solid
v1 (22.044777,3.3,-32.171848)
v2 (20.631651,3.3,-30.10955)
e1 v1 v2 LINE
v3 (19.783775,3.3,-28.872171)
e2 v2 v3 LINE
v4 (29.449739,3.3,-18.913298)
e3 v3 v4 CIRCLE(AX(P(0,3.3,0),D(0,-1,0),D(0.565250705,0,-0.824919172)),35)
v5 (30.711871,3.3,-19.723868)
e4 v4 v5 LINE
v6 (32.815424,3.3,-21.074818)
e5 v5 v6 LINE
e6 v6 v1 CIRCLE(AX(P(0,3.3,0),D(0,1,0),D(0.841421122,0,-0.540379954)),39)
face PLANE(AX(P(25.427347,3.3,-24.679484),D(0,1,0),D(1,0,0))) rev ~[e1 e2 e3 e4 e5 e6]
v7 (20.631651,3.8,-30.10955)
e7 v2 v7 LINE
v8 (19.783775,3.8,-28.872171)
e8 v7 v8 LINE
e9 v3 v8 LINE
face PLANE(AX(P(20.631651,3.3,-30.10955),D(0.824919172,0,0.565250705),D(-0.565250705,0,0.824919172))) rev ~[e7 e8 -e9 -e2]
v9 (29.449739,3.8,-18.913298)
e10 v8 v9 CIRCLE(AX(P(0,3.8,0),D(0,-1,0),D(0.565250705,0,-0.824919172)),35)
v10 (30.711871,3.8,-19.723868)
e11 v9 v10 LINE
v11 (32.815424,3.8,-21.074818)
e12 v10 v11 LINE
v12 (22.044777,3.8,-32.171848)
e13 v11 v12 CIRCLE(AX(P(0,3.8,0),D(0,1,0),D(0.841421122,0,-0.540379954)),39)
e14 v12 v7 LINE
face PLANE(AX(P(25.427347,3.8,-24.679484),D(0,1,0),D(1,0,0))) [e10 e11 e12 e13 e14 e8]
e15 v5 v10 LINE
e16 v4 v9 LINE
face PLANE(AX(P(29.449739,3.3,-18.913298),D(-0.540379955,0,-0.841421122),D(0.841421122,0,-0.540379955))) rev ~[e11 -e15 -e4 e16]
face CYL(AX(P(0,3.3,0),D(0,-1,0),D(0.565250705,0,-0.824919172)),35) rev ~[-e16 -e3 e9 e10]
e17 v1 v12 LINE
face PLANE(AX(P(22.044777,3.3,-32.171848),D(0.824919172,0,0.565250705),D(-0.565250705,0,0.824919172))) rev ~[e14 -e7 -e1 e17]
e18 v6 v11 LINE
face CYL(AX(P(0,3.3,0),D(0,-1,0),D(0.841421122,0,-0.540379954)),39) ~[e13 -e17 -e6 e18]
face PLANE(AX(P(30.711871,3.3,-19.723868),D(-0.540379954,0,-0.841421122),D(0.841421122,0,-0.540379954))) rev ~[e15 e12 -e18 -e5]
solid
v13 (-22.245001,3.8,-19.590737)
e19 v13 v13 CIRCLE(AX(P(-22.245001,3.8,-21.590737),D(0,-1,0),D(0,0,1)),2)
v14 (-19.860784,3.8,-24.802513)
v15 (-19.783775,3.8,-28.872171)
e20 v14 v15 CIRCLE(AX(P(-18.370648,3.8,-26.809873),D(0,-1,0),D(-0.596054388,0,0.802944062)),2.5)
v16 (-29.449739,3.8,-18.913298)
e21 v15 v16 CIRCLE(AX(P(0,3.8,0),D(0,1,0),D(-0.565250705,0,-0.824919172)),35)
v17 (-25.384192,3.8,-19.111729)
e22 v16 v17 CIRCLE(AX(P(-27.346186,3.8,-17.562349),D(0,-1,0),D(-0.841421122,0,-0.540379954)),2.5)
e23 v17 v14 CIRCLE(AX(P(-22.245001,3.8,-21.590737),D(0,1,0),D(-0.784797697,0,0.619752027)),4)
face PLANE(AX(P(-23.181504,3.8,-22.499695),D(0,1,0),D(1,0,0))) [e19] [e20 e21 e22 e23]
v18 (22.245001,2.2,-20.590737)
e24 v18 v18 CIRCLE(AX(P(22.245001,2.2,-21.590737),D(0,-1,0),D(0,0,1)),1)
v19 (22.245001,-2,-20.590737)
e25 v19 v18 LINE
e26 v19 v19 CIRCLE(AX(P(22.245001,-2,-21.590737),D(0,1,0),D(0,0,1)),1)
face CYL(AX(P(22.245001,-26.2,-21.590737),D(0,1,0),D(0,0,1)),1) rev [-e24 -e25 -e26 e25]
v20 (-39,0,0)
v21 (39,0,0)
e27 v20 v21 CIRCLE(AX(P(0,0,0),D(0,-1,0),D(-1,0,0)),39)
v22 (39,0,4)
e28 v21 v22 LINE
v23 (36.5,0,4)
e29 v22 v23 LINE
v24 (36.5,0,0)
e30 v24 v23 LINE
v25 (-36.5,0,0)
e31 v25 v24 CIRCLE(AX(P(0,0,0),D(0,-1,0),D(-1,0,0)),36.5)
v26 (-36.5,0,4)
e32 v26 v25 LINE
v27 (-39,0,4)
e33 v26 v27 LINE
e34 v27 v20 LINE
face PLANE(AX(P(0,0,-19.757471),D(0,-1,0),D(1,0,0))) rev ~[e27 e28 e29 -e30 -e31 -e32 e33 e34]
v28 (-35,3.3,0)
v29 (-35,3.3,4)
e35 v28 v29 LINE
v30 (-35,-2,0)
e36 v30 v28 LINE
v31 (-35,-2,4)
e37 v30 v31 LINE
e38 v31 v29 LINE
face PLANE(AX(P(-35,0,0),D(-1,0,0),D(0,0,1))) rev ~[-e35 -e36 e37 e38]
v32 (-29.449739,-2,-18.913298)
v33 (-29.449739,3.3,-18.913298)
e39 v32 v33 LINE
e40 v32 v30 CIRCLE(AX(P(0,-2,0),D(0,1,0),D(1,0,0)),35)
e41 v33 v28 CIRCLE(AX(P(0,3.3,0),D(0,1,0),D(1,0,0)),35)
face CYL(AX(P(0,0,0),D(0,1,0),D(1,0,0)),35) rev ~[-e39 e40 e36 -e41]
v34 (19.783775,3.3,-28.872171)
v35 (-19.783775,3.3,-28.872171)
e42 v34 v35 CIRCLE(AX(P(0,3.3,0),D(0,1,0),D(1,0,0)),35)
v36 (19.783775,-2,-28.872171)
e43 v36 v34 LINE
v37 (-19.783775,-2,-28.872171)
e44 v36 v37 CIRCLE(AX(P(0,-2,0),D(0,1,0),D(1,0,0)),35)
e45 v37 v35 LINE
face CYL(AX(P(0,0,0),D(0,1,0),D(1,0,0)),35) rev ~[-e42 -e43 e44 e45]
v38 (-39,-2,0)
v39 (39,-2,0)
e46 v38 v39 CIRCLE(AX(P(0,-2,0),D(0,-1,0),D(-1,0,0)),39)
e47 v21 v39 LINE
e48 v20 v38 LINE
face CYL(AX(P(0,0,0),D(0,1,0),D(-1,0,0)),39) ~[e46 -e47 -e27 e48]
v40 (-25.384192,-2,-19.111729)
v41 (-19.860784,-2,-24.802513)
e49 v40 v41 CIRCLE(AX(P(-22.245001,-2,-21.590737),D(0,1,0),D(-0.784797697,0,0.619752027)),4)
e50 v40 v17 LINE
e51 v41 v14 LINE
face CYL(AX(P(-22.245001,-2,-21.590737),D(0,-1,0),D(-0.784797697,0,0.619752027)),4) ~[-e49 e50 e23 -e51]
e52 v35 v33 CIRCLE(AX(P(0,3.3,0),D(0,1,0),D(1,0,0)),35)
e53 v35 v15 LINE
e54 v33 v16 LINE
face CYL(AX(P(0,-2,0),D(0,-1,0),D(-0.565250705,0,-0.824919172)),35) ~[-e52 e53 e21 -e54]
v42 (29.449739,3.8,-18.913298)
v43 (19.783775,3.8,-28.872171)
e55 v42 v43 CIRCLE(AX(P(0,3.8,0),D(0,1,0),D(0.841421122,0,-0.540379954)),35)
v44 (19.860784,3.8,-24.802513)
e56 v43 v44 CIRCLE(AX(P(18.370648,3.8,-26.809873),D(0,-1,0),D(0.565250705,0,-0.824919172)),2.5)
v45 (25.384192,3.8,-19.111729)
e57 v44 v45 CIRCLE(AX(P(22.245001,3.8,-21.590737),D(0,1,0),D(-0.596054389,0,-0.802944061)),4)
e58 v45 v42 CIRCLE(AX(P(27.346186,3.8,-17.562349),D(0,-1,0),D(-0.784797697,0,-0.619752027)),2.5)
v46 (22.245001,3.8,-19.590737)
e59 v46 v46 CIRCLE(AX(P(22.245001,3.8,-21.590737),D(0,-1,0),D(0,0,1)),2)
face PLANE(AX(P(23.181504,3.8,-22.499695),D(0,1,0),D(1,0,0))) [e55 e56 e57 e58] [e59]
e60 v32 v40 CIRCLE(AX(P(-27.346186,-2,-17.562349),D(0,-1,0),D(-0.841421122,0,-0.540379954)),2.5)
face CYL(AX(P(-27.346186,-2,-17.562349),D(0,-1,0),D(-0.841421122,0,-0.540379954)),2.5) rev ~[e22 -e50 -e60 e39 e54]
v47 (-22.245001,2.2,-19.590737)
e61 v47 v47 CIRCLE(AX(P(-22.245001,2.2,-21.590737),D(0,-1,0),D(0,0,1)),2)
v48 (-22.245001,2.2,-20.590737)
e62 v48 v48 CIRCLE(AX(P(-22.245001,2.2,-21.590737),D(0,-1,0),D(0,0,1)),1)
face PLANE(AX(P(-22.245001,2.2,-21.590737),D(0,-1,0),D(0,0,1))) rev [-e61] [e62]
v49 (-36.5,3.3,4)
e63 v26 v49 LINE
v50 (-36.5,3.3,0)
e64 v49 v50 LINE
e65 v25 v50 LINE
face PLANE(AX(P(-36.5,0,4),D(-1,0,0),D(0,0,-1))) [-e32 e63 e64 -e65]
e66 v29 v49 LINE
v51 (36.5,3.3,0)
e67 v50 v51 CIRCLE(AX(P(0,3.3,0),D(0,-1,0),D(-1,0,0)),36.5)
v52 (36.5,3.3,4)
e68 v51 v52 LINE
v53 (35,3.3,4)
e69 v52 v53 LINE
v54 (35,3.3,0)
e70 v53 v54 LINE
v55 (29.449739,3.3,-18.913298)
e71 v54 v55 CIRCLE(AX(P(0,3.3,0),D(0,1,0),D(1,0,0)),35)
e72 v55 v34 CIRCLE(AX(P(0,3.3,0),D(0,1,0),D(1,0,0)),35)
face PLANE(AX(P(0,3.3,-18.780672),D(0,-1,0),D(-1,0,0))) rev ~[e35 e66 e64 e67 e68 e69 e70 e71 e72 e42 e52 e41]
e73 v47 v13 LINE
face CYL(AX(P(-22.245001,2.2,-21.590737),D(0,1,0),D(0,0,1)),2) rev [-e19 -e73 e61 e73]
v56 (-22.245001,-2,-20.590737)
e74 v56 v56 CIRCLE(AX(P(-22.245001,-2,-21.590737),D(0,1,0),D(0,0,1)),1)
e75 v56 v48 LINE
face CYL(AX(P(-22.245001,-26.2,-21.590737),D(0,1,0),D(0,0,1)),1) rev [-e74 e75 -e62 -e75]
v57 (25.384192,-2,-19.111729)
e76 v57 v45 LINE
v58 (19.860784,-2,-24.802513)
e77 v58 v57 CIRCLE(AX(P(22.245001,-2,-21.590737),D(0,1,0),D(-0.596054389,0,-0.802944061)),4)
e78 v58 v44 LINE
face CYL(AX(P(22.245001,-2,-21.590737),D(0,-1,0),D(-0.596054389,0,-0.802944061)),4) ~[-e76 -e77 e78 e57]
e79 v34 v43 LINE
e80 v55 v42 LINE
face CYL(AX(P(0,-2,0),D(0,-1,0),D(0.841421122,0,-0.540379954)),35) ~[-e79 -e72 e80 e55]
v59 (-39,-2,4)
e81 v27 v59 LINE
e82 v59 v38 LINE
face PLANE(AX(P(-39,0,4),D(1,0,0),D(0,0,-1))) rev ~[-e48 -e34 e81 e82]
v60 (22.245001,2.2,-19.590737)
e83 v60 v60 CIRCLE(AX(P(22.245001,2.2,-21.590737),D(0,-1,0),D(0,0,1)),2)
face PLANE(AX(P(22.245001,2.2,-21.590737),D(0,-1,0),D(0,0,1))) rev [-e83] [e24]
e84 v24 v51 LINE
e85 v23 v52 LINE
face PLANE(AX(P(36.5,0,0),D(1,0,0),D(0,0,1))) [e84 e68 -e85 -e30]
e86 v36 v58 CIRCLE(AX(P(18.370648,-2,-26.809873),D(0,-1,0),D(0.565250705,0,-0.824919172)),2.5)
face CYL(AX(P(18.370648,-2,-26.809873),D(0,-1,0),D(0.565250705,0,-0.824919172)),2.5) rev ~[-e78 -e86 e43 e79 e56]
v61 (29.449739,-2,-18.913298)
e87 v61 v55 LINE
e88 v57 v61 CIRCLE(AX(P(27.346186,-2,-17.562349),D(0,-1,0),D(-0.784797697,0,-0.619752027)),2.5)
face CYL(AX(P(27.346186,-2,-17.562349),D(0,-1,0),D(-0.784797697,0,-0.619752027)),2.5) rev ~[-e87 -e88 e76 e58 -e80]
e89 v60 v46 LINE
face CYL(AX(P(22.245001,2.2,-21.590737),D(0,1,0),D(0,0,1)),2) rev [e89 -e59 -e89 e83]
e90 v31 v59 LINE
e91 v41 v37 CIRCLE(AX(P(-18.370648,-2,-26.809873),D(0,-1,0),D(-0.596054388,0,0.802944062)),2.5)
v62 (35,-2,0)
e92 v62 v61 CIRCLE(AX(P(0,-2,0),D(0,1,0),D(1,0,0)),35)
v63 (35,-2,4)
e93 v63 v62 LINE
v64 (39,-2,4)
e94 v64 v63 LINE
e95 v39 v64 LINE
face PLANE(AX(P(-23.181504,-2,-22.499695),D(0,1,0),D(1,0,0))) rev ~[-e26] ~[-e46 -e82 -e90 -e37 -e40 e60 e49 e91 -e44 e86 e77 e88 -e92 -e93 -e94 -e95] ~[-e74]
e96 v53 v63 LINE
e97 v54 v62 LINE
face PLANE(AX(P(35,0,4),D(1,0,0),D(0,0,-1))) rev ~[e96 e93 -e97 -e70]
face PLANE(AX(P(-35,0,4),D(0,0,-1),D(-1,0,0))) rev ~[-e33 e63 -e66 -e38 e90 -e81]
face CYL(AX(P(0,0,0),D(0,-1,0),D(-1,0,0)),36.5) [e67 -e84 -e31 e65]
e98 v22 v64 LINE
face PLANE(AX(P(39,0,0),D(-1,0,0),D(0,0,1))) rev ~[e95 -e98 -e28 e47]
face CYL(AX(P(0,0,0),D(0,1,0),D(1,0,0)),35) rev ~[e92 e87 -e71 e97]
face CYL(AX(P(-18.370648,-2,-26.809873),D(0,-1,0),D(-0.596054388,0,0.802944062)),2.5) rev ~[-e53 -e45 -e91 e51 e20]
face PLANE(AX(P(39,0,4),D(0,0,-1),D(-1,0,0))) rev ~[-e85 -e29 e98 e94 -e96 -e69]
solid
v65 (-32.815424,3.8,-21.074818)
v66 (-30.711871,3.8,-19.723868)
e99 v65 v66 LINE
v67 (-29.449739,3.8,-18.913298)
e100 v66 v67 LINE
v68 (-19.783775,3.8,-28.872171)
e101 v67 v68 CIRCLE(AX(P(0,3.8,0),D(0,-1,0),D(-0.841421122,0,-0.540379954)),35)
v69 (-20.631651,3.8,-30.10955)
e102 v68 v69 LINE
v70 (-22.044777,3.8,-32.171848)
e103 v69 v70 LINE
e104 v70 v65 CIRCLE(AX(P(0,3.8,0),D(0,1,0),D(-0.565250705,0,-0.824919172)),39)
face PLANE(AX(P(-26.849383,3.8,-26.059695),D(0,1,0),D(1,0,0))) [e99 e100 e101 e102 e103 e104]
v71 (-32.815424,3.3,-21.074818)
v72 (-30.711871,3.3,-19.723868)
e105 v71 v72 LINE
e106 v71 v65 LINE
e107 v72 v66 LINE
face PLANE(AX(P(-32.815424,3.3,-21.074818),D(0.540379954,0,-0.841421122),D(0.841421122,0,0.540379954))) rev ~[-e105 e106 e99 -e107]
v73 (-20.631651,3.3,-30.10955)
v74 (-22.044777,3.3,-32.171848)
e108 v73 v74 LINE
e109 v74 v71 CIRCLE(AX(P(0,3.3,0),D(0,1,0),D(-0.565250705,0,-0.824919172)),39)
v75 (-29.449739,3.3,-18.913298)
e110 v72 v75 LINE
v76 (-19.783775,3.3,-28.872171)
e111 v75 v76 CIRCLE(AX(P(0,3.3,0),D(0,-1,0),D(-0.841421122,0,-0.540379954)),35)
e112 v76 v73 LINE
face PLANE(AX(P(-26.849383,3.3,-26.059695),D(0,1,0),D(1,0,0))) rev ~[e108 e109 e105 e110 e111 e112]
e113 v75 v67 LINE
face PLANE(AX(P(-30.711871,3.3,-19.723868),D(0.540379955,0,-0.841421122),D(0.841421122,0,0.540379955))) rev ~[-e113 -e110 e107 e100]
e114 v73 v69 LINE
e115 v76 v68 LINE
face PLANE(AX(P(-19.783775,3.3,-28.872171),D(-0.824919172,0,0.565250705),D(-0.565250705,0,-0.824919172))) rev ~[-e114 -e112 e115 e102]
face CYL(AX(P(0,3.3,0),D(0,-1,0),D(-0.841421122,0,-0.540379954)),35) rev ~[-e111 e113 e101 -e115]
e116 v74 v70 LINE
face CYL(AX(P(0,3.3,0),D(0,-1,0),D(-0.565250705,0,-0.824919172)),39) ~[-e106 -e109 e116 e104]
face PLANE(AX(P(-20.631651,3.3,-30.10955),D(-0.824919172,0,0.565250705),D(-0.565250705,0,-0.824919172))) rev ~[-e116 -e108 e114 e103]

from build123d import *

# Parameters (mm, degrees)
BOSS_EXTRUDE1_DEPTH                     = 3.3
BOSS_EXTRUDE2_DEPTH                     = 2
BOSS_EXTRUDE3_DEPTH                     = 0.5
BOSS_EXTRUDE3_DEPTH_BACK                = 5.3
BOSS_EXTRUDE4_DEPTH                     = 0.5
CBORE_FOR_M2_PAN_HEAD_SCREW2_AT_2_COUNT = 2
CBORE_FOR_M2_PAN_HEAD_SCREW2_AT_2_PITCH = 44.490002881


with BuildPart() as part:
    # Sketch1 → Boss-Extrude1 (new body)
    with BuildSketch(Plane(origin=(0, 0, 0), x_dir=(1, 0, 0), z_dir=(0, 1, 0))):
        with BuildLine():
            Line((36.5, 0), (36.5, -4))
            Line((36.5, -4), (35, -4))
            Line((35, -4), (35, 0))
            ThreePointArc((35, 0), (0, 35), (-35, 0))
            Line((-35, 0), (-35, -4))
            Line((-35, -4), (-36.5, -4))
            Line((-36.5, -4), (-36.5, 0))
            ThreePointArc((-36.5, 0), (0, 36.5), (36.5, 0))
        make_face()
    extrude(amount=BOSS_EXTRUDE1_DEPTH)



with BuildPart() as body_2:
    # Sketch2 → Boss-Extrude2 (new body)
    with BuildSketch(Plane.XZ):
        with BuildLine():
            Line((-36.5, 0), (-36.5, 4))
            Line((-36.5, 4), (-39, 4))
            Line((-39, 4), (-39, 0))
            ThreePointArc((-39, 0), (0, -39), (39, 0))
            Line((39, 0), (39, 4))
            Line((39, 4), (36.5, 4))
            Line((36.5, 4), (36.5, 0))
            ThreePointArc((36.5, 0), (0, -36.5), (-36.5, 0))
        make_face()
        with BuildLine():
            Line((-36.5, 4), (-36.5, 0))
            ThreePointArc((-36.5, 0), (0, -36.5), (36.5, 0))
            Line((36.5, 0), (36.5, 4))
            Line((36.5, 4), (35, 4))
            Line((35, 4), (35, 0))
            ThreePointArc((35, 0), (0, -35), (-35, 0))
            Line((-35, 0), (-35, 4))
            Line((-35, 4), (-36.5, 4))
        make_face()
    extrude(amount=BOSS_EXTRUDE2_DEPTH)


with BuildPart() as part_1:
    add(part.part)

    add(body_2.part)  # Boss-Extrude3 merges body 2
    # Sketch3 → Boss-Extrude3 (add, two sides: drawn at the far end of the back side and taken through both)
    with BuildSketch(Plane(origin=(0, 3.3, 0), x_dir=(1, 0, 0), z_dir=(0, 1, 0)).offset(-BOSS_EXTRUDE3_DEPTH_BACK)):
        with BuildLine():
            ThreePointArc((-29.449739277, 18.913298404), (-27.468060754, 20.059376083), (-25.384192229, 19.111728585))
            ThreePointArc((-25.384192229, 19.111728585), (-19.374678674, 18.804835184), (-19.860783886, 24.802512938))
            ThreePointArc((-19.860783886, 24.802512938), (-20.870200446, 26.857171552), (-19.783774677, 28.872171022))
            ThreePointArc((-19.783774677, 28.872171022), (-25.115324207, 24.376638201), (-29.449739277, 18.913298404))
        make_face()
        with BuildLine():
            ThreePointArc((29.449739277, 18.913298404), (25.115324207, 24.376638201), (19.783774677, 28.872171022))
            ThreePointArc((19.783774677, 28.872171022), (20.870200446, 26.857171552), (19.860783886, 24.802512938))
            ThreePointArc((19.860783886, 24.802512938), (19.374678674, 18.804835184), (25.384192229, 19.111728585))
            ThreePointArc((25.384192229, 19.111728585), (27.468060754, 20.059376083), (29.449739277, 18.913298404))
        make_face()
    extrude(amount=BOSS_EXTRUDE3_DEPTH + BOSS_EXTRUDE3_DEPTH_BACK)

    # Sketch11 → CBORE for M2 Pan Head Screw2 (revolve, cut)
    with BuildSketch(Plane(origin=(-22.24500144, 3.8, -21.590736692), x_dir=(0, 0, 1), z_dir=(1, 0, 0))):
        Polygon((0, 0), (0, 30.600860619), (1, 30), (1, 1.6), (2, 1.6), (2, 0), align=None)
    cbore_for_m2_pan_head_screw2 = revolve(axis=Axis((-22.24500144, 10.15, -21.590736692), (0, -1, 0)), mode=Mode.SUBTRACT)

    # CBORE for M2 Pan Head Screw2 at 2: CBORE for M2 Pan Head Screw2 ×2
    with Locations(*[(i * CBORE_FOR_M2_PAN_HEAD_SCREW2_AT_2_PITCH, 0, 0) for i in range(1, CBORE_FOR_M2_PAN_HEAD_SCREW2_AT_2_COUNT)]):
        add(cbore_for_m2_pan_head_screw2, mode=Mode.SUBTRACT)


with BuildPart() as body_2_2:
    # Sketch9 → Boss-Extrude4 (new body)
    with BuildSketch(Plane(origin=(0, 3.3, 0), x_dir=(1, 0, 0), z_dir=(0, 1, 0))):
        with BuildLine():
            Line((-32.815423766, 21.074818222), (-30.71187096, 19.723868336))
            ThreePointArc((-30.71187096, 19.723868336), (-26.191695244, 25.421351267), (-20.631650735, 30.10954978))
            Line((-20.631650735, 30.10954978), (-22.044777498, 32.17184771))
            ThreePointArc((-22.044777498, 32.17184771), (-27.985646974, 27.16253971), (-32.815423766, 21.074818222))
        make_face()
        with BuildLine():
            Line((-30.71187096, 19.723868336), (-29.449739277, 18.913298404))
            ThreePointArc((-29.449739277, 18.913298404), (-25.115324207, 24.376638201), (-19.783774677, 28.872171022))
            Line((-19.783774677, 28.872171022), (-20.631650735, 30.10954978))
            ThreePointArc((-20.631650735, 30.10954978), (-26.191695244, 25.421351267), (-30.71187096, 19.723868336))
        make_face()
        with BuildLine():
            ThreePointArc((30.71187096, 19.723868336), (26.191695244, 25.421351267), (20.631650735, 30.10954978))
            Line((20.631650735, 30.10954978), (19.783774677, 28.872171022))
            ThreePointArc((19.783774677, 28.872171022), (25.115324207, 24.376638201), (29.449739277, 18.913298404))
            Line((29.449739277, 18.913298404), (30.71187096, 19.723868336))
        make_face()
        with BuildLine():
            Line((22.044777498, 32.17184771), (20.631650735, 30.10954978))
            ThreePointArc((20.631650735, 30.10954978), (26.191695244, 25.421351267), (30.71187096, 19.723868336))
            Line((30.71187096, 19.723868336), (32.815423766, 21.074818222))
            ThreePointArc((32.815423766, 21.074818222), (27.985646974, 27.16253971), (22.044777498, 32.17184771))
        make_face()
    extrude(amount=BOSS_EXTRUDE4_DEPTH)


solid = Compound([part_1.part, body_2_2.part])
